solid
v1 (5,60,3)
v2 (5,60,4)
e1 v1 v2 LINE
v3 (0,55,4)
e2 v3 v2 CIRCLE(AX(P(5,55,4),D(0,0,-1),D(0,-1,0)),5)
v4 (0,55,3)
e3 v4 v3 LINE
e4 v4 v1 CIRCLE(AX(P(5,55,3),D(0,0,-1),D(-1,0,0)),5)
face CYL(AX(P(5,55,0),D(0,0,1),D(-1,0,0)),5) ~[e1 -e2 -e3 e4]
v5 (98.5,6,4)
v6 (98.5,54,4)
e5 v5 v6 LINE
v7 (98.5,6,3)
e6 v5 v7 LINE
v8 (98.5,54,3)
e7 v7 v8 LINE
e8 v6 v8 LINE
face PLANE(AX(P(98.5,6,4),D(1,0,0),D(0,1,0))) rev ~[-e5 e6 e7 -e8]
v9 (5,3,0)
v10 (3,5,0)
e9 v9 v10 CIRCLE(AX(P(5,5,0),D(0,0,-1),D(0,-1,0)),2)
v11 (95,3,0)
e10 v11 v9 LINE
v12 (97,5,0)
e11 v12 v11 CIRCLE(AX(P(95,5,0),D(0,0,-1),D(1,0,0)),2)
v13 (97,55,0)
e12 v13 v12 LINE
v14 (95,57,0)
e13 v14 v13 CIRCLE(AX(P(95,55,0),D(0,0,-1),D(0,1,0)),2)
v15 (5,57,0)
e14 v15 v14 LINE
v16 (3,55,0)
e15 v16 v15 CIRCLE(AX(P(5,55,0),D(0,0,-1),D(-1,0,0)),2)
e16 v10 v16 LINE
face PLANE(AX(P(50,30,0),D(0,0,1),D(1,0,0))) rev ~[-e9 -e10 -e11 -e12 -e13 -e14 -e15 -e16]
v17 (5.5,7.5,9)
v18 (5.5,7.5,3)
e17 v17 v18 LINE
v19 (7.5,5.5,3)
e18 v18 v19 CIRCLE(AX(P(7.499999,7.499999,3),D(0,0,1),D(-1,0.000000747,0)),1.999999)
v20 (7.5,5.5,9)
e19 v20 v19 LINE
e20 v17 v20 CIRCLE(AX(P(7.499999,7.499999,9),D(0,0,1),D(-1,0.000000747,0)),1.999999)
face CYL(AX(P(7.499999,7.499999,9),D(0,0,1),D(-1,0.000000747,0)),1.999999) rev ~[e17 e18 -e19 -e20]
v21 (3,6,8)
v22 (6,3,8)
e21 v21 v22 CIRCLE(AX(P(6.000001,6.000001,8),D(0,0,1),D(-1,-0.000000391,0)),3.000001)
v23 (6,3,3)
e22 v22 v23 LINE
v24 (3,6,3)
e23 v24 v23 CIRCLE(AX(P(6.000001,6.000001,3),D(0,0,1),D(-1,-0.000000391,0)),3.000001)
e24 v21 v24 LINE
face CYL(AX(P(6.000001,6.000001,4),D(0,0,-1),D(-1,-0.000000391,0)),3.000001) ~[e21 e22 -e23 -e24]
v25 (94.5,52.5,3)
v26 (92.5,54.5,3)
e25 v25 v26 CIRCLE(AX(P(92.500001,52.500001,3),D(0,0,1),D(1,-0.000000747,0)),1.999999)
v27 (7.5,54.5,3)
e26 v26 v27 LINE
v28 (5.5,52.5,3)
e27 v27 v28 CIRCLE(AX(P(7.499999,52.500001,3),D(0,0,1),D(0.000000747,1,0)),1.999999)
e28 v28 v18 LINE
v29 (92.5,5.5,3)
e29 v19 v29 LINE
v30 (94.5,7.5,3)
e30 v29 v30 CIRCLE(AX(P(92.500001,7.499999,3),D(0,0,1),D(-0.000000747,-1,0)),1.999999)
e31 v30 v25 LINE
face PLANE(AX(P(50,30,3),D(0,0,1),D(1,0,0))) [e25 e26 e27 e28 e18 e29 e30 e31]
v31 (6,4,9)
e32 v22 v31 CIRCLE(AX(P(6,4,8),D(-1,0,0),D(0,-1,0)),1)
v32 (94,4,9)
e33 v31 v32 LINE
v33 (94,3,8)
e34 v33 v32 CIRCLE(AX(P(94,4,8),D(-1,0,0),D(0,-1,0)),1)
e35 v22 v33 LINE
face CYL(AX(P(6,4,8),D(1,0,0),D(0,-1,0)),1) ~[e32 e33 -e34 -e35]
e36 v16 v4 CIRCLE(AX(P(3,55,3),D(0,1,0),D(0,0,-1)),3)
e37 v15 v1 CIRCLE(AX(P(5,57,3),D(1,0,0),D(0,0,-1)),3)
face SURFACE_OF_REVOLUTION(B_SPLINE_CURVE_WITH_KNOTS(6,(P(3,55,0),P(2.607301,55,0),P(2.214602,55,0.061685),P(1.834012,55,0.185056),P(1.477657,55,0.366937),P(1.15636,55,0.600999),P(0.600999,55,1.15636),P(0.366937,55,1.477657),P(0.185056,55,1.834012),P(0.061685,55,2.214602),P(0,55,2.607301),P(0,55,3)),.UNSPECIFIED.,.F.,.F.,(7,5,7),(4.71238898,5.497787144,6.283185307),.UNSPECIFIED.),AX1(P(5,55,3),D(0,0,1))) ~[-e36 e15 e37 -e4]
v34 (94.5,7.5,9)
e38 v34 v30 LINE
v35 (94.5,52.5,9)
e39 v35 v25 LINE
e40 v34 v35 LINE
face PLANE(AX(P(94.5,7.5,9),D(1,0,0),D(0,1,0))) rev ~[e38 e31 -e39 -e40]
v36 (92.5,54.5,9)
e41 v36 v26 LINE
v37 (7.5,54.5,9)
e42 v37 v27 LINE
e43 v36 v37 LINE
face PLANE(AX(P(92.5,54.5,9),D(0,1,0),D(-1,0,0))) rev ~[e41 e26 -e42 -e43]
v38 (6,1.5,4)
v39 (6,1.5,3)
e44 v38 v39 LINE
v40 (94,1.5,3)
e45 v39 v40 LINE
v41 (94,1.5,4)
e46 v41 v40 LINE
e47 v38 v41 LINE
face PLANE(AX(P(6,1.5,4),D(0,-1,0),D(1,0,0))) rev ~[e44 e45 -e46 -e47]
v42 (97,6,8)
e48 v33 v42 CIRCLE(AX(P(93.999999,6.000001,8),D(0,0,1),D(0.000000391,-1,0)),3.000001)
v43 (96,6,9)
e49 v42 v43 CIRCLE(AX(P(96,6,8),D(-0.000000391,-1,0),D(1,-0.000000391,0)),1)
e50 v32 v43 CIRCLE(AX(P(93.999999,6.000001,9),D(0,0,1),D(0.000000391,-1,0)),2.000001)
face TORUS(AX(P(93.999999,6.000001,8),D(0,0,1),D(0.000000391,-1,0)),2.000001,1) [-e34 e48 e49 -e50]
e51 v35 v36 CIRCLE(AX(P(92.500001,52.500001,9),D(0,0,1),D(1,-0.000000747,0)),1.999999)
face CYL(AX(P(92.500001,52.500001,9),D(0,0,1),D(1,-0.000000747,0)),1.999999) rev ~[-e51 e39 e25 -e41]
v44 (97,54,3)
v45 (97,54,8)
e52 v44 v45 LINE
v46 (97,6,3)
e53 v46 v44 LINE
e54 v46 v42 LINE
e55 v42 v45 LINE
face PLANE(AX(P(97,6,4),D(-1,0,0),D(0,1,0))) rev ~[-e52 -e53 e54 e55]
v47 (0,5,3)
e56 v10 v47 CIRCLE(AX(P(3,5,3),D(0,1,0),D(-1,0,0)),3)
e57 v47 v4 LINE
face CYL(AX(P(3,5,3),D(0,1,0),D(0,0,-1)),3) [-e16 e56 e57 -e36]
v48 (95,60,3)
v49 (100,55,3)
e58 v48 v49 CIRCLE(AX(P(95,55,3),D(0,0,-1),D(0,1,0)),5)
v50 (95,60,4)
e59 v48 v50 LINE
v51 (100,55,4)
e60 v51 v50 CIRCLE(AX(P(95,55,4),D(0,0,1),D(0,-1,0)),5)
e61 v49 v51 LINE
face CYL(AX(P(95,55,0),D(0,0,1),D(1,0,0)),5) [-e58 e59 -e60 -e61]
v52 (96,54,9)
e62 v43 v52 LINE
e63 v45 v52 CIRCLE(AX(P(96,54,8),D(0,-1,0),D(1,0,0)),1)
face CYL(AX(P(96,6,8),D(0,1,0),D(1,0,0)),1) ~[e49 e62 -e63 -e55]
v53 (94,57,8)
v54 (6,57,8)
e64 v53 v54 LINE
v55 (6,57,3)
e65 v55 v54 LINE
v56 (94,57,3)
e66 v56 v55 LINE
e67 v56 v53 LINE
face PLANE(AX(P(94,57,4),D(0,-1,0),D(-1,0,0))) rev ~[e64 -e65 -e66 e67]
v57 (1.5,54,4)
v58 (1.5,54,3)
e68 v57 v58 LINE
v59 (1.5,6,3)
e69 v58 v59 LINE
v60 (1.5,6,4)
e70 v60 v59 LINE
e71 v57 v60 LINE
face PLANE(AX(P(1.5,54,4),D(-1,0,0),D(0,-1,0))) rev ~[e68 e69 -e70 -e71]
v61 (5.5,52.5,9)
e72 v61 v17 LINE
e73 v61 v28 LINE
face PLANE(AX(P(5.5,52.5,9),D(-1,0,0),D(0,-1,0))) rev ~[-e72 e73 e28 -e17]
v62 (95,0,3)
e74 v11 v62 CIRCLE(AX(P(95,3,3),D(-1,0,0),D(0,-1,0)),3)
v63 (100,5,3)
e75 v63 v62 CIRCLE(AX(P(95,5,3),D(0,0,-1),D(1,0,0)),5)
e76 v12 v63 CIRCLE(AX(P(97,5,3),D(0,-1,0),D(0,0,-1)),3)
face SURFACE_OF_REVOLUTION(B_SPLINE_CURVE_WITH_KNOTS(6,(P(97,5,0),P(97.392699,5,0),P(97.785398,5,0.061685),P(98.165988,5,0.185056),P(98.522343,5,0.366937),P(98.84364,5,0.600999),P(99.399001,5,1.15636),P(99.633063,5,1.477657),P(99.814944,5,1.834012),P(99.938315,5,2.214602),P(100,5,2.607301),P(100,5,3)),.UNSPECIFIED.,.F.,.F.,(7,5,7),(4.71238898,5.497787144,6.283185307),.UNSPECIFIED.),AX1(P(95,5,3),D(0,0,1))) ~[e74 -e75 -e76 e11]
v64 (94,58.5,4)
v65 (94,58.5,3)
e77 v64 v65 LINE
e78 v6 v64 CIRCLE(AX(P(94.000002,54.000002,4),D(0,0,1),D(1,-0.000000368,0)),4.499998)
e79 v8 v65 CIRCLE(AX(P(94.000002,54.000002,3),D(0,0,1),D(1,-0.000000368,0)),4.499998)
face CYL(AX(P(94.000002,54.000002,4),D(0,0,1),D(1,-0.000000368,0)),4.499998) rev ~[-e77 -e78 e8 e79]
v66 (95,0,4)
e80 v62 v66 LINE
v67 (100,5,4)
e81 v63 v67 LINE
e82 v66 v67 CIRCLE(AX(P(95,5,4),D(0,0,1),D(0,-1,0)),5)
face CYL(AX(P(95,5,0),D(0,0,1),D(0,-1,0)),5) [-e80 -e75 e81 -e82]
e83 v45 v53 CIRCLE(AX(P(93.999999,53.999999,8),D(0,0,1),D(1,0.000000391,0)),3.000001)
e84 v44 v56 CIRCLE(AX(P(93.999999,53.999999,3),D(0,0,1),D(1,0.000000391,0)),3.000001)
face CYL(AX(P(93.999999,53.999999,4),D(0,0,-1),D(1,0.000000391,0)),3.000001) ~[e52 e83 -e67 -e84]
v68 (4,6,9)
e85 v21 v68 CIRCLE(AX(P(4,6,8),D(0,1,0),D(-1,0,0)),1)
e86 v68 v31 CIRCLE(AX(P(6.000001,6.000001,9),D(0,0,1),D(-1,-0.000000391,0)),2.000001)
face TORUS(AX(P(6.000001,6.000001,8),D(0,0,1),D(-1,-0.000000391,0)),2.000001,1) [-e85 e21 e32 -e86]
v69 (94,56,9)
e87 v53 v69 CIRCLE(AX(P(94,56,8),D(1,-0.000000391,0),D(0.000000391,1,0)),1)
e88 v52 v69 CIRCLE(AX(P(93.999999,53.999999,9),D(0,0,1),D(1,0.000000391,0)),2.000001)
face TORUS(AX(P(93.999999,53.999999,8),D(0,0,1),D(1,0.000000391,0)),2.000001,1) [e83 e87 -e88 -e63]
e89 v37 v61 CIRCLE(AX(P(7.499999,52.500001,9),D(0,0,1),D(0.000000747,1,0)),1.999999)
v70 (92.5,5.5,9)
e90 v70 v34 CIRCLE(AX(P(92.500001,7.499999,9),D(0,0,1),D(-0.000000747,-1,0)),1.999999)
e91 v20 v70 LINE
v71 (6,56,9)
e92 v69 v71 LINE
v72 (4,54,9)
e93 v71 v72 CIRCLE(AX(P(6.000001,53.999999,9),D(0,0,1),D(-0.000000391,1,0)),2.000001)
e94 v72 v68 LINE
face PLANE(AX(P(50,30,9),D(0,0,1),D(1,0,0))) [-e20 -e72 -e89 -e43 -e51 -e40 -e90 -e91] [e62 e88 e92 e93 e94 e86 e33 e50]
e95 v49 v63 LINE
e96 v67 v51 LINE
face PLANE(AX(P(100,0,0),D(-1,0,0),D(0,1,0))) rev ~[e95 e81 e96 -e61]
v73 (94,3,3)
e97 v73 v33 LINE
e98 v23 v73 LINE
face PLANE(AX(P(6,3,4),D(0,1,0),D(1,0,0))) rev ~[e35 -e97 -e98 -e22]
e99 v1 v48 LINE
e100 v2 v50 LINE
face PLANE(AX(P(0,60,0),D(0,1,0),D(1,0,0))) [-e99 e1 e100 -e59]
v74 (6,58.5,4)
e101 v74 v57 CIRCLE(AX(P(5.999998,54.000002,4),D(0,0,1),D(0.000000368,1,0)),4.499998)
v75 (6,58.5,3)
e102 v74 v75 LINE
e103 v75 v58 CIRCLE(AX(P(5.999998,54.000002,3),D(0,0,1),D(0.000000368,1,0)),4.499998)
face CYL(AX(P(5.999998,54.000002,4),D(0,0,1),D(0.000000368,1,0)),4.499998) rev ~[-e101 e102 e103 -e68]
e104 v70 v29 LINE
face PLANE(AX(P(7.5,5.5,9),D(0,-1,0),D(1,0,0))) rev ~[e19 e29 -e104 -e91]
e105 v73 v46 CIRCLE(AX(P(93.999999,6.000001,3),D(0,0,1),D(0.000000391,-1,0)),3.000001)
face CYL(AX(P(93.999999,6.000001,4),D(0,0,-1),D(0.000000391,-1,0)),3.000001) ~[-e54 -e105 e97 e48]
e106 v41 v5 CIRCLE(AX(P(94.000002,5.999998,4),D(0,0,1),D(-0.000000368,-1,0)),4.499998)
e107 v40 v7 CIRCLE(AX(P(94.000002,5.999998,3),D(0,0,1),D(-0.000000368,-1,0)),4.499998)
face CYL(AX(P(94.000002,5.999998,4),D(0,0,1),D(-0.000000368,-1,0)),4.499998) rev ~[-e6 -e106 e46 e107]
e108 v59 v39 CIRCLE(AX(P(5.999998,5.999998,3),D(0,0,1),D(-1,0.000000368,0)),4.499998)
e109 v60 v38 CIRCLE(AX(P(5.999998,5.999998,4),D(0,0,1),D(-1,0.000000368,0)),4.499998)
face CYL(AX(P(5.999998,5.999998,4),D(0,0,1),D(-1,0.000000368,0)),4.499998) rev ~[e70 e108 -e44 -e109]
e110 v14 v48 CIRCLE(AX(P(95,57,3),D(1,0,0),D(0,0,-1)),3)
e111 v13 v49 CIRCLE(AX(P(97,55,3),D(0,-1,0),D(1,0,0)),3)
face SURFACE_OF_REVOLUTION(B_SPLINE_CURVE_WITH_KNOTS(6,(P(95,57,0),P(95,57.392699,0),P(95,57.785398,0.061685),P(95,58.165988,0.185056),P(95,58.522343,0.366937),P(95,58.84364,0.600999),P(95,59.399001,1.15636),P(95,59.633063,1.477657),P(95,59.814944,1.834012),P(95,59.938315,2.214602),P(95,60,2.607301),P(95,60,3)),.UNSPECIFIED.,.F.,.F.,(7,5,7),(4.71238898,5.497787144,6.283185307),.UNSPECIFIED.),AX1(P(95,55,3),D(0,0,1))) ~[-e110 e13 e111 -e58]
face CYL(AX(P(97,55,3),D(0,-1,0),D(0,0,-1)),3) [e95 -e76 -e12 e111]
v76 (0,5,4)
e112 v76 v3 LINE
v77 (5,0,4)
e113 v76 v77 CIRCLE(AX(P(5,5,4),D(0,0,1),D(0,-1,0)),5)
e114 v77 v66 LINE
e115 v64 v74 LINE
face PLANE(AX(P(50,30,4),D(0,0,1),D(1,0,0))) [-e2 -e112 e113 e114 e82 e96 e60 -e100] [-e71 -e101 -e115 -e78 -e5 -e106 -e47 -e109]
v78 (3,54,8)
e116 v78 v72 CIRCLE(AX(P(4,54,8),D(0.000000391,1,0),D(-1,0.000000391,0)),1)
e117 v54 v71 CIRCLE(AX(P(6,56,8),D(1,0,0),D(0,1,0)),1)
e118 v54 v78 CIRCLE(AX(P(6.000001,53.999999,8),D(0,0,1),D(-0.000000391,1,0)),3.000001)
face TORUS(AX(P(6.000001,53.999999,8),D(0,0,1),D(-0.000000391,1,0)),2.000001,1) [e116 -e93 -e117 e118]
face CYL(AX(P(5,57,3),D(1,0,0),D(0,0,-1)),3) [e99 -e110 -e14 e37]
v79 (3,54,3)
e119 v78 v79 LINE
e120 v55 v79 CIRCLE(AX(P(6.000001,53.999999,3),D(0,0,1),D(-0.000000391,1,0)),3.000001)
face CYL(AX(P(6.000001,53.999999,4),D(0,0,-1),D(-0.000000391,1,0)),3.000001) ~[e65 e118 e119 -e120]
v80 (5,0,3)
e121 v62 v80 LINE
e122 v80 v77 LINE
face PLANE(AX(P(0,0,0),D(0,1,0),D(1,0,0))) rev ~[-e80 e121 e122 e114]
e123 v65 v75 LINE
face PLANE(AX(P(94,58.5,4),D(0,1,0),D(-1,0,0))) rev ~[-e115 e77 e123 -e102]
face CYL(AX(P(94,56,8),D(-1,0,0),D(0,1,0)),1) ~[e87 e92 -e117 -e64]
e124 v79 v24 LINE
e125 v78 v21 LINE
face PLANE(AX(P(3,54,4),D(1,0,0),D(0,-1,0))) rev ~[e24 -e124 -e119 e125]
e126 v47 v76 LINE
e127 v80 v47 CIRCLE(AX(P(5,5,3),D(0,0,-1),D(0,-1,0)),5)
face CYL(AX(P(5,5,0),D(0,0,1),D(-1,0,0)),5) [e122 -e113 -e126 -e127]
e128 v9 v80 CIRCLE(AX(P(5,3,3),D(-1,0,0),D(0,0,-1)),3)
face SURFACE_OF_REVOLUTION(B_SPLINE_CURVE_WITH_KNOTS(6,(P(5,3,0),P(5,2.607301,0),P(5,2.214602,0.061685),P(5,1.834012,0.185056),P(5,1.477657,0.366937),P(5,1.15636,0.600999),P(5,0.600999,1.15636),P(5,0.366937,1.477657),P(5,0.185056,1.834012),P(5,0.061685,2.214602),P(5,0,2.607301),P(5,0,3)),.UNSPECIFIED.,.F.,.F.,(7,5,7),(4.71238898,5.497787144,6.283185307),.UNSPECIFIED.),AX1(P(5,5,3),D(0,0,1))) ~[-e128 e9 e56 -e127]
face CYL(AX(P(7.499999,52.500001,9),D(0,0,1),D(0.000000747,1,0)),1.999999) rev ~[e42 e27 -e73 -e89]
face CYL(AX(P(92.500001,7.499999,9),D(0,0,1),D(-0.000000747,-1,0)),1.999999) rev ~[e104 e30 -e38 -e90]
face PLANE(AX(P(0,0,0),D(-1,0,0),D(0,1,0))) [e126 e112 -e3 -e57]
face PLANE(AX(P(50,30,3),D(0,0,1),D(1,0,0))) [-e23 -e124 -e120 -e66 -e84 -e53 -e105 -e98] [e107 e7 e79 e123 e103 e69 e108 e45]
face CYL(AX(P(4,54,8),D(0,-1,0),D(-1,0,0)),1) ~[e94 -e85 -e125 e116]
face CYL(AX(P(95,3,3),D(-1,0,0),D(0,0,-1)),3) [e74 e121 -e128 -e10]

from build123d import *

# Parameters (mm, degrees)
SKETCH_W        = 100
SKETCH_H        = 60
PAD_DEPTH       = 4
FILLET_R        = 5
FILLET001_R     = 3
POCKET001_DEPTH = 1
PAD001_DEPTH    = 5
POCKET_DEPTH    = 6
FILLET002_R     = 1


with BuildPart() as part:
    # Sketch → Pad (new body)
    with BuildSketch(Plane.XY):
        with Locations((50, 30)):
            Rectangle(SKETCH_W, SKETCH_H)
    extrude(amount=PAD_DEPTH)

    # Fillet
    fillet_edges = [part.edges().sort_by_distance(p)[0] for p in [
        (100, 0, 2),
        (0, 0, 2),
        (100, 60, 2),
        (0, 60, 2),
    ]]
    fillet(fillet_edges, radius=FILLET_R)

    # Fillet001
    fillet001_edges = [part.edges().sort_by_distance(p)[0] for p in [
        (50, 60, 0),
    ]]
    fillet(fillet001_edges, radius=FILLET001_R)

    # Sketch008 (on Face6 of Pad) → Pocket001 (cut)
    with BuildSketch(Plane.XY.offset(4)):
        with BuildLine():
            Line((6, 1.5), (94, 1.5))
            ThreePointArc((94, 1.5), (97.181981, 2.818019), (98.5, 6))
            Line((98.5, 6), (98.5, 54))
            ThreePointArc((98.5, 54), (97.181981, 57.181981), (94, 58.5))
            Line((94, 58.5), (6, 58.5))
            ThreePointArc((6, 58.5), (2.818019, 57.181981), (1.5, 54))
            Line((1.5, 54), (1.5, 6))
            ThreePointArc((1.5, 6), (2.818019, 2.818019), (6, 1.5))
        make_face()
        with BuildLine():
            Line((6, 3), (94, 3))
            ThreePointArc((94, 3), (96.12132, 3.87868), (97, 6))
            Line((97, 6), (97, 54))
            ThreePointArc((97, 54), (96.12132, 56.12132), (94, 57))
            Line((94, 57), (6, 57))
            ThreePointArc((6, 57), (3.87868, 56.12132), (3, 54))
            Line((3, 54), (3, 6))
            ThreePointArc((3, 6), (3.87868, 3.87868), (6, 3))
        make_face(mode=Mode.SUBTRACT)
    extrude(amount=-POCKET001_DEPTH, mode=Mode.SUBTRACT)

    # Sketch001 (on Face6 of Pad) → Pad001 (join)
    with BuildSketch(Plane.XY.offset(4)):
        with BuildLine():
            Line((6, 3), (94, 3))
            ThreePointArc((94, 3), (96.12132, 3.87868), (97, 6))
            Line((97, 6), (97, 54))
            ThreePointArc((97, 54), (96.12132, 56.12132), (94, 57))
            Line((94, 57), (6, 57))
            ThreePointArc((6, 57), (3.87868, 56.12132), (3, 54))
            Line((3, 54), (3, 6))
            ThreePointArc((3, 6), (3.87868, 3.87868), (6, 3))
        make_face()
    extrude(amount=PAD001_DEPTH)

    # Sketch009 (on Face44 of Pad001) → Pocket (cut)
    with BuildSketch(Plane.XY.offset(9)):
        with BuildLine():
            Line((7.5, 5.5), (92.5, 5.5))
            ThreePointArc((92.5, 5.5), (93.914214, 6.085786), (94.5, 7.5))
            Line((94.5, 7.5), (94.5, 52.5))
            ThreePointArc((94.5, 52.5), (93.914214, 53.914214), (92.5, 54.5))
            Line((92.5, 54.5), (7.5, 54.5))
            ThreePointArc((7.5, 54.5), (6.085786, 53.914214), (5.5, 52.5))
            Line((5.5, 52.5), (5.5, 7.5))
            ThreePointArc((5.5, 7.5), (6.085786, 6.085786), (7.5, 5.5))
        make_face()
    extrude(amount=-POCKET_DEPTH, mode=Mode.SUBTRACT)

    # Fillet002
    fillet002_edges = [part.edges().sort_by_distance(p)[0] for p in [
        (50, 3, 9),
    ]]
    fillet(fillet002_edges, radius=FILLET002_R)


solid = part.part
